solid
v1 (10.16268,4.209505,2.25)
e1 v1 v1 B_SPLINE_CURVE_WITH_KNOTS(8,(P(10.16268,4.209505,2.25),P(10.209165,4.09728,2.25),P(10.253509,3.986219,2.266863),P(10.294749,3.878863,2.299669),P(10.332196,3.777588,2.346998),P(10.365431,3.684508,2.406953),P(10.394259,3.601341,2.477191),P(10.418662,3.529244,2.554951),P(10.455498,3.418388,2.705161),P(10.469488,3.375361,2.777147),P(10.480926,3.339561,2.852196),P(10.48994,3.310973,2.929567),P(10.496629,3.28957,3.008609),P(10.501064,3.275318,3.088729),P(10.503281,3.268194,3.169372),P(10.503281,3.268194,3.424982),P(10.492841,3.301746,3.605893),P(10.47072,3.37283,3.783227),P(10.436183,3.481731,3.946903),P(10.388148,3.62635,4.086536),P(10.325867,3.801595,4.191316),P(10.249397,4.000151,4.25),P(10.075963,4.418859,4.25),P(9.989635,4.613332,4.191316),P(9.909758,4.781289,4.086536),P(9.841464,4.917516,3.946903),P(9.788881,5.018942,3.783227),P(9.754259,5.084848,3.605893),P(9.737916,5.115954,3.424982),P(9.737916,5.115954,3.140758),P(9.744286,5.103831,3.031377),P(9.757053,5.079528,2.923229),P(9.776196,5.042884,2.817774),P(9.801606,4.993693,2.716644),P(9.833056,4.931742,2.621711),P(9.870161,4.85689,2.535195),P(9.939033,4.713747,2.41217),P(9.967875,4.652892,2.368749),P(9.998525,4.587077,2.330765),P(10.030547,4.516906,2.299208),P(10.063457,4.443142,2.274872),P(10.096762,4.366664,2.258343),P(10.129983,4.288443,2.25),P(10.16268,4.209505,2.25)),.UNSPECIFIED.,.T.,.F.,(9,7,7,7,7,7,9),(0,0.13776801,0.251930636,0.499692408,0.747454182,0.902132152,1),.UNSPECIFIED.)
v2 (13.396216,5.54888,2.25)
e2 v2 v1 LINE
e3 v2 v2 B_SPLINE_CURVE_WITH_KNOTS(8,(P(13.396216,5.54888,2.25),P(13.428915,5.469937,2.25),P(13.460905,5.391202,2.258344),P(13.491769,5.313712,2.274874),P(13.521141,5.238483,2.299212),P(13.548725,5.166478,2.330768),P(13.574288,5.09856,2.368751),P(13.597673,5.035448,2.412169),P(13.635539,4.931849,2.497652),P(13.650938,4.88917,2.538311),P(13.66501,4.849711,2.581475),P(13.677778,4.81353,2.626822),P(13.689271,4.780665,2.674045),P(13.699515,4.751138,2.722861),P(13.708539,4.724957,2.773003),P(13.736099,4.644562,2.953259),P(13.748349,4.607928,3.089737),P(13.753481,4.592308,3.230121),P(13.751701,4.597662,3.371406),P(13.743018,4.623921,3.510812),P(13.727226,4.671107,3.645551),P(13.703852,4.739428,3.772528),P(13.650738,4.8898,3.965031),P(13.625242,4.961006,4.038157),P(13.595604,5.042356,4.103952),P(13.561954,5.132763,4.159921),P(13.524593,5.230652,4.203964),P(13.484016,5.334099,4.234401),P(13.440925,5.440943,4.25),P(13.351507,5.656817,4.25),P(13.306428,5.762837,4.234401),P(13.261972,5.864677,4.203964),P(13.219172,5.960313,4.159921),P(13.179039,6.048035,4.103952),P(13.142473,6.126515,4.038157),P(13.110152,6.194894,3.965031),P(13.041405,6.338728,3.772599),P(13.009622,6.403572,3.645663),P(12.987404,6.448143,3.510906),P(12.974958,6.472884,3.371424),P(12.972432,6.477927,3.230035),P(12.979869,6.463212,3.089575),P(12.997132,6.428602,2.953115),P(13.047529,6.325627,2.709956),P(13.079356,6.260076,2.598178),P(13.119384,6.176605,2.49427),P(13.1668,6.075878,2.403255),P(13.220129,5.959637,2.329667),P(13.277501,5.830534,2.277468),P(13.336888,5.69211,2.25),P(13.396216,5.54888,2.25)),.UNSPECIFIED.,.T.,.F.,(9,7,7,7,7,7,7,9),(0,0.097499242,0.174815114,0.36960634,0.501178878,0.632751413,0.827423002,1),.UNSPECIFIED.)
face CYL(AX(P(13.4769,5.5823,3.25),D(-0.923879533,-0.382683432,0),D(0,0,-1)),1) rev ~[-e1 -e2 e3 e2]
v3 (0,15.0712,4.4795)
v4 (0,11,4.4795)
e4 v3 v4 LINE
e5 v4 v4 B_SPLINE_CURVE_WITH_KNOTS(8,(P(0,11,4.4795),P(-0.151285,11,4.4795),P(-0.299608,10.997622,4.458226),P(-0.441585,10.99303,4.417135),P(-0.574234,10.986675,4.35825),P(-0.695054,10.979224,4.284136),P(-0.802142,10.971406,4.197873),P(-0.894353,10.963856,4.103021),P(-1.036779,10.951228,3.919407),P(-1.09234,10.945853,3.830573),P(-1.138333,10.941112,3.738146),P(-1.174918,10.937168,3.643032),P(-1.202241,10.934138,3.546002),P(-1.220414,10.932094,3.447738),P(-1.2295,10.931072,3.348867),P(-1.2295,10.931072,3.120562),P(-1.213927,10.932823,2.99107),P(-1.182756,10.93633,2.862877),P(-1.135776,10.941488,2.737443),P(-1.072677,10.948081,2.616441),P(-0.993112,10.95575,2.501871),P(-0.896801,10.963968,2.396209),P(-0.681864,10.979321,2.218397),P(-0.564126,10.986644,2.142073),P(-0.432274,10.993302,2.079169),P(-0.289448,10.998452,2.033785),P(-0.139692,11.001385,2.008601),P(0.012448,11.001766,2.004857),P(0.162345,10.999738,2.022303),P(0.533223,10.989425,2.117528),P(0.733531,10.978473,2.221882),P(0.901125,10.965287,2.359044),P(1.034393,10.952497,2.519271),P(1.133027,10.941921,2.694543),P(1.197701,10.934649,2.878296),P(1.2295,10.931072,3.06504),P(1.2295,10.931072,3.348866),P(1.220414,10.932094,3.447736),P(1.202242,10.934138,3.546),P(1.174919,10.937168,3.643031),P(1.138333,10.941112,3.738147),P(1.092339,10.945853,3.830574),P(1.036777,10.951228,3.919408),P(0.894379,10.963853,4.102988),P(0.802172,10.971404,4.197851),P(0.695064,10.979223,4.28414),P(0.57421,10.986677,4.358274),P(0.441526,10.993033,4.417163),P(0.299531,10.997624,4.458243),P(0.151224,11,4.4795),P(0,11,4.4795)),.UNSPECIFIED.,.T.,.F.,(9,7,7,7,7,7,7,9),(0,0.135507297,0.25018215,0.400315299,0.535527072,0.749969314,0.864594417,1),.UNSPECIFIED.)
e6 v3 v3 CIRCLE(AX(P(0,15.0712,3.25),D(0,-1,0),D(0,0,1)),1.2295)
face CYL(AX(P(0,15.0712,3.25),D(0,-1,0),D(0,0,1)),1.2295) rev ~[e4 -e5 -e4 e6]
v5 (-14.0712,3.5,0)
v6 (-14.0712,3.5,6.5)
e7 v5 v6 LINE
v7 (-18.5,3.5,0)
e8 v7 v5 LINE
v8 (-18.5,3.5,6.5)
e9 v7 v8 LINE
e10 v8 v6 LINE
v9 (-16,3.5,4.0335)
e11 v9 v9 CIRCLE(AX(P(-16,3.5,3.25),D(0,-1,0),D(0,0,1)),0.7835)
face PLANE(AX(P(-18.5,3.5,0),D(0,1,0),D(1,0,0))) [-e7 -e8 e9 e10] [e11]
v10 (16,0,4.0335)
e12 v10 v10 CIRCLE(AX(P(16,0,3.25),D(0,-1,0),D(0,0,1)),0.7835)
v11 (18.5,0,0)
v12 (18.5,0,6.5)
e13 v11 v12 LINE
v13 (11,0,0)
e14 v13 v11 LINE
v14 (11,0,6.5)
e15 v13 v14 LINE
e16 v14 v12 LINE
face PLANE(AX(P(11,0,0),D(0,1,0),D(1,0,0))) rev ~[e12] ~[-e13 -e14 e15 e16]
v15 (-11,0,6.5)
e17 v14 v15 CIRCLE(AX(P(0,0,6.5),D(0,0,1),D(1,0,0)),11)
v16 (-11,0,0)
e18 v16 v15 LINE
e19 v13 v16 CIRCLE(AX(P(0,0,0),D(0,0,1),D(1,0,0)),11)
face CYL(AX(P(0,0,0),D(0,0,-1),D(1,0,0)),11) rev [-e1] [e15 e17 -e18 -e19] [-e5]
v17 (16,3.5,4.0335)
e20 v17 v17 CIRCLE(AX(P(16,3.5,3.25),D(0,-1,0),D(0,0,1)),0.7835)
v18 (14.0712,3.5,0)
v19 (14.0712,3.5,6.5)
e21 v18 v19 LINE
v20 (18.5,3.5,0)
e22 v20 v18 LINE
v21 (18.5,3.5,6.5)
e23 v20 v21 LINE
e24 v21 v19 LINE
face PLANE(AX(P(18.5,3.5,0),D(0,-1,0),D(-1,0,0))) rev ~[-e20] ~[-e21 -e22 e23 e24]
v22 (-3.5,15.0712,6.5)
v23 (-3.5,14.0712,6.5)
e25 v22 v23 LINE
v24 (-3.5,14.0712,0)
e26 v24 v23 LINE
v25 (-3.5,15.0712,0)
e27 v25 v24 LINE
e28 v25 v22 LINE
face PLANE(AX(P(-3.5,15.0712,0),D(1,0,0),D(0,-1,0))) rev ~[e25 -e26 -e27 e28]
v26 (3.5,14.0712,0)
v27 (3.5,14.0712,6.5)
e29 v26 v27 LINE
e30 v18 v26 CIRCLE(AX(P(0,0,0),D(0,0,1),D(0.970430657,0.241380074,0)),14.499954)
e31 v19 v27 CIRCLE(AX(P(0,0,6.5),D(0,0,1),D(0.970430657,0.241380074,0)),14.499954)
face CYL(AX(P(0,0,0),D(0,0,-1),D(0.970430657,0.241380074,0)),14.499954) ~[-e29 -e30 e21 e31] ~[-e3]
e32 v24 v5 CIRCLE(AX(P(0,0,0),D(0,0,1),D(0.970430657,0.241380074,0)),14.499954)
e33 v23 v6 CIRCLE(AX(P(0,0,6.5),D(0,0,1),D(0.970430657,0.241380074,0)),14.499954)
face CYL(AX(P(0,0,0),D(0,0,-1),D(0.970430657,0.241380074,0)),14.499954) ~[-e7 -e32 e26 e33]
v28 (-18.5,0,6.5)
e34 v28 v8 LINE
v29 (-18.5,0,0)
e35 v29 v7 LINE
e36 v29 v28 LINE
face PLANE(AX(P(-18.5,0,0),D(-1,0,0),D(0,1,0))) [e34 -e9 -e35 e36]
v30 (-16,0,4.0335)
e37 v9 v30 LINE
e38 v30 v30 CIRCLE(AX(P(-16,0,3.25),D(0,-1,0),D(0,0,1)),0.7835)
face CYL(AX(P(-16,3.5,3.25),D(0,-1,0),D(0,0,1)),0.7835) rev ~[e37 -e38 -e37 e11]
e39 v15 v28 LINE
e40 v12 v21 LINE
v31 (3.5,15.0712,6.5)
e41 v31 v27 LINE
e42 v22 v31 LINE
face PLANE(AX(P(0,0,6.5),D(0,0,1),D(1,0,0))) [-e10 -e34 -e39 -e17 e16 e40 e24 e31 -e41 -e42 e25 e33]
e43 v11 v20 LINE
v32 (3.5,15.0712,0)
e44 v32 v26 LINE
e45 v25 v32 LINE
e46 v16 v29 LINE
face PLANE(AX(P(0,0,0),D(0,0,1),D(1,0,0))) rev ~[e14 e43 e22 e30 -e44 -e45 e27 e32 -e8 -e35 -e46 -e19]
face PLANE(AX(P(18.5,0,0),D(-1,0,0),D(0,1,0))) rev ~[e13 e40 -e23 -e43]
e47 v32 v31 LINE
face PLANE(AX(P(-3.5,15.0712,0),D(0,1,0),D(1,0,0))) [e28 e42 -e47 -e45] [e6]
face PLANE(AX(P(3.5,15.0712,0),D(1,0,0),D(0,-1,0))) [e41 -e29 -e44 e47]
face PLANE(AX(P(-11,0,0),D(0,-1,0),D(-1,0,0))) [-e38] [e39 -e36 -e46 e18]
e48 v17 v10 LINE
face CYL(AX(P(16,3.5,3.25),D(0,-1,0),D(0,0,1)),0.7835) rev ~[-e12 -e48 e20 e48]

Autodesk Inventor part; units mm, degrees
ref_plane "YZ Plane" through (0, 0, 0) normal (1, 0, 0) x (0, 1, 0)
ref_plane "XZ Plane" through (0, 0, 0) normal (0, 1, 0) x (-1, 0, 0)
sketch "Sketch1" plane through (0, 0, 0) normal (0, 0, 1) x (1, 0, 0)
  arc A0 (11, 0) -> (-11, 0) centre (0, 0) ccw
  arc A1 (14.0712, 3.5) -> (-14.0712, 3.5) centre (0, 0) ccw
  line L0 (-11, 0) -> (-18.5, 0)
  line L1 (-18.5, 0) -> (-18.5, 3.5)
  line L2 (11, 0) -> (18.5, 0)
  line L3 (18.5, 0) -> (18.5, 3.5)
  line L4 (-18.5, 3.5) -> (-14.0712, 3.5)
  line L5 (18.5, 3.5) -> (14.0712, 3.5)
  line L6 (-3.5, 15.0712) -> (3.5, 15.0712)
  line L7 (3.5, 15.0712) -> (3.5, 14.0712)
  line L8 (-3.5, 15.0712) -> (-3.5, 14.0712)
  point P0 (0, 15.0712)
  dimension "d2" = 11
  dimension "d3" = 14.5
  dimension "d4" = 7.5
  dimension "d5" = 3.5
  dimension "d6" = 18.5
  dimension "d7" = 7
  dimension "d8" = 1
extrude "Extrusion1" add sketch "Sketch1" along normal blind 6.5
sketch "Sketch2" plane through (0, 0, 6.5) normal (0, 0, 1) x (1, 0, 0)
  line L0 (-18.5, 3.5) -> (-18.5, 0) projected
  line L1 (-18.5, 0) -> (-11, 0) projected
  arc A0 (11, 0) -> (-11, 0) centre (0, 0) ccw projected
  line L2 (11, 0) -> (18.5, 0) projected
  line L3 (18.5, 0) -> (18.5, 3.5) projected
  line L4 (18.5, 3.5) -> (14.0712, 3.5) projected
  arc A1 (14.0712, 3.5) -> (3.5, 14.0712) centre (0, 0) ccw projected
  line L5 (3.5, 14.0712) -> (3.5, 15.0712) projected
  line L6 (3.5, 15.0712) -> (-3.5, 15.0712) projected
  line L7 (-3.5, 15.0712) -> (-3.5, 14.0712) projected
  arc A2 (-3.5, 14.0712) -> (-14.0712, 3.5) centre (0, 0) ccw projected
  line L8 (-14.0712, 3.5) -> (-18.5, 3.5) projected
  line L9 (0, 0) -> (18.5, 0)
  line L10 (0, 0) -> (23.4857, 9.7281)
  dimension "d11" = 22.5
ref_plane "Work Plane2" through (11.866, 9.4714, 3.25) normal (0.9239, 0.3827, 0) x (-0.3827, 0.9239, 0)
ref_plane "Work Plane1" through (-11, 0, 3.25) normal (0.9239, 0.3827, 0) x (-0.3827, 0.9239, 0)
sketch "Sketch3" plane through (11.866, 9.4714, 3.25) normal (0.9239, 0.3827, 0) x (-0.3827, 0.9239, 0)
  line L0 (-4.2095, 3.25) -> (-11.2892, 3.25) projected
  line L1 (-6.3608, -3.25) -> (7.4512, -3.25) projected
  line L2 (7.4512, -3.25) -> (7.4512, 3.25) projected
  line L3 (-6.3608, 3.25) -> (7.4512, 3.25) projected
  line L4 (-6.3608, -3.25) -> (-6.3608, 3.25) projected
  line L5 (-11.2892, -3.25) -> (-8.0556, -3.25) projected
  line L6 (-8.0556, -3.25) -> (-8.0556, 3.25) projected
  line L7 (-11.2892, 3.25) -> (-8.0556, 3.25) projected
  line L8 (-11.2892, -3.25) -> (-11.2892, 3.25) projected
  line L9 (-8.0556, -3.25) -> (-6.3608, -3.25) projected
  line L10 (-6.3608, -3.25) -> (-6.3608, 3.25) projected
  line L11 (-8.0556, 3.25) -> (-6.3608, 3.25) projected
  line L12 (-8.0556, -3.25) -> (-8.0556, 3.25) projected
  point P0 (-4.2095, -3.25)
  point P1 (-4.2095, 0)
  point P2 (-4.2095, 3.25)
  dimension "d13" = 3.25
  dimension "d14" = 11.6608
hole "Hole1" at (13.4769, 5.5823, 3.25) direction (-0.9239, -0.3827, 0) diameter 2 end through all
sketch "Sketch4" plane through (-3.5, 15.0712, 0) normal (0, 1, 0) x (1, 0, 0)
  line L0 (7, 0) -> (0, 0) projected
  line L1 (-15, 0) -> (-15, -6.5) projected
  point P0 (3.5, 0)
  point P1 (3.5, -3.25)
  point P2 (-15, -3.25)
  dimension "d22" = 18.5
  dimension "d23" = 3.25
hole "Hole2" at (0, 15.0712, 3.25) direction (0, -1, 0) diameter 2.459 end through all thread size "M3x0.5" class "6H" standard "ANSI Metric M Profile"
sketch "Sketch5" plane through (-18.5, 3.5, 0) normal (0, 1, 0) x (1, 0, 0)
  line L0 (4.4288, 0) -> (0, 0) projected
  line L1 (0, 0) -> (0, -6.5) projected
  line L2 (37, 0) -> (37, -6.5) projected
  line L3 (37, 0) -> (32.5712, 0) projected
  point P0 (18.5, 0)
  point P1 (2.5, -3.25)
  point P2 (34.5, -3.25)
  point P3 (0, -3.25)
  dimension "d31" = 2.5
  dimension "d32" = 2.5
  dimension "d33" = 3.25
  dimension "d34" = 3.25
hole "Hole3" at (-16, 3.5, 3.25) at (16, 3.5, 3.25) direction (0, -1, 0) diameter 1.567 end through all thread size "M2x0.4" class "6H" standard "ANSI Metric M Profile"
properties part number "29 - Sheave Strap 1" material "Steel AISI 1020 107 HR"
